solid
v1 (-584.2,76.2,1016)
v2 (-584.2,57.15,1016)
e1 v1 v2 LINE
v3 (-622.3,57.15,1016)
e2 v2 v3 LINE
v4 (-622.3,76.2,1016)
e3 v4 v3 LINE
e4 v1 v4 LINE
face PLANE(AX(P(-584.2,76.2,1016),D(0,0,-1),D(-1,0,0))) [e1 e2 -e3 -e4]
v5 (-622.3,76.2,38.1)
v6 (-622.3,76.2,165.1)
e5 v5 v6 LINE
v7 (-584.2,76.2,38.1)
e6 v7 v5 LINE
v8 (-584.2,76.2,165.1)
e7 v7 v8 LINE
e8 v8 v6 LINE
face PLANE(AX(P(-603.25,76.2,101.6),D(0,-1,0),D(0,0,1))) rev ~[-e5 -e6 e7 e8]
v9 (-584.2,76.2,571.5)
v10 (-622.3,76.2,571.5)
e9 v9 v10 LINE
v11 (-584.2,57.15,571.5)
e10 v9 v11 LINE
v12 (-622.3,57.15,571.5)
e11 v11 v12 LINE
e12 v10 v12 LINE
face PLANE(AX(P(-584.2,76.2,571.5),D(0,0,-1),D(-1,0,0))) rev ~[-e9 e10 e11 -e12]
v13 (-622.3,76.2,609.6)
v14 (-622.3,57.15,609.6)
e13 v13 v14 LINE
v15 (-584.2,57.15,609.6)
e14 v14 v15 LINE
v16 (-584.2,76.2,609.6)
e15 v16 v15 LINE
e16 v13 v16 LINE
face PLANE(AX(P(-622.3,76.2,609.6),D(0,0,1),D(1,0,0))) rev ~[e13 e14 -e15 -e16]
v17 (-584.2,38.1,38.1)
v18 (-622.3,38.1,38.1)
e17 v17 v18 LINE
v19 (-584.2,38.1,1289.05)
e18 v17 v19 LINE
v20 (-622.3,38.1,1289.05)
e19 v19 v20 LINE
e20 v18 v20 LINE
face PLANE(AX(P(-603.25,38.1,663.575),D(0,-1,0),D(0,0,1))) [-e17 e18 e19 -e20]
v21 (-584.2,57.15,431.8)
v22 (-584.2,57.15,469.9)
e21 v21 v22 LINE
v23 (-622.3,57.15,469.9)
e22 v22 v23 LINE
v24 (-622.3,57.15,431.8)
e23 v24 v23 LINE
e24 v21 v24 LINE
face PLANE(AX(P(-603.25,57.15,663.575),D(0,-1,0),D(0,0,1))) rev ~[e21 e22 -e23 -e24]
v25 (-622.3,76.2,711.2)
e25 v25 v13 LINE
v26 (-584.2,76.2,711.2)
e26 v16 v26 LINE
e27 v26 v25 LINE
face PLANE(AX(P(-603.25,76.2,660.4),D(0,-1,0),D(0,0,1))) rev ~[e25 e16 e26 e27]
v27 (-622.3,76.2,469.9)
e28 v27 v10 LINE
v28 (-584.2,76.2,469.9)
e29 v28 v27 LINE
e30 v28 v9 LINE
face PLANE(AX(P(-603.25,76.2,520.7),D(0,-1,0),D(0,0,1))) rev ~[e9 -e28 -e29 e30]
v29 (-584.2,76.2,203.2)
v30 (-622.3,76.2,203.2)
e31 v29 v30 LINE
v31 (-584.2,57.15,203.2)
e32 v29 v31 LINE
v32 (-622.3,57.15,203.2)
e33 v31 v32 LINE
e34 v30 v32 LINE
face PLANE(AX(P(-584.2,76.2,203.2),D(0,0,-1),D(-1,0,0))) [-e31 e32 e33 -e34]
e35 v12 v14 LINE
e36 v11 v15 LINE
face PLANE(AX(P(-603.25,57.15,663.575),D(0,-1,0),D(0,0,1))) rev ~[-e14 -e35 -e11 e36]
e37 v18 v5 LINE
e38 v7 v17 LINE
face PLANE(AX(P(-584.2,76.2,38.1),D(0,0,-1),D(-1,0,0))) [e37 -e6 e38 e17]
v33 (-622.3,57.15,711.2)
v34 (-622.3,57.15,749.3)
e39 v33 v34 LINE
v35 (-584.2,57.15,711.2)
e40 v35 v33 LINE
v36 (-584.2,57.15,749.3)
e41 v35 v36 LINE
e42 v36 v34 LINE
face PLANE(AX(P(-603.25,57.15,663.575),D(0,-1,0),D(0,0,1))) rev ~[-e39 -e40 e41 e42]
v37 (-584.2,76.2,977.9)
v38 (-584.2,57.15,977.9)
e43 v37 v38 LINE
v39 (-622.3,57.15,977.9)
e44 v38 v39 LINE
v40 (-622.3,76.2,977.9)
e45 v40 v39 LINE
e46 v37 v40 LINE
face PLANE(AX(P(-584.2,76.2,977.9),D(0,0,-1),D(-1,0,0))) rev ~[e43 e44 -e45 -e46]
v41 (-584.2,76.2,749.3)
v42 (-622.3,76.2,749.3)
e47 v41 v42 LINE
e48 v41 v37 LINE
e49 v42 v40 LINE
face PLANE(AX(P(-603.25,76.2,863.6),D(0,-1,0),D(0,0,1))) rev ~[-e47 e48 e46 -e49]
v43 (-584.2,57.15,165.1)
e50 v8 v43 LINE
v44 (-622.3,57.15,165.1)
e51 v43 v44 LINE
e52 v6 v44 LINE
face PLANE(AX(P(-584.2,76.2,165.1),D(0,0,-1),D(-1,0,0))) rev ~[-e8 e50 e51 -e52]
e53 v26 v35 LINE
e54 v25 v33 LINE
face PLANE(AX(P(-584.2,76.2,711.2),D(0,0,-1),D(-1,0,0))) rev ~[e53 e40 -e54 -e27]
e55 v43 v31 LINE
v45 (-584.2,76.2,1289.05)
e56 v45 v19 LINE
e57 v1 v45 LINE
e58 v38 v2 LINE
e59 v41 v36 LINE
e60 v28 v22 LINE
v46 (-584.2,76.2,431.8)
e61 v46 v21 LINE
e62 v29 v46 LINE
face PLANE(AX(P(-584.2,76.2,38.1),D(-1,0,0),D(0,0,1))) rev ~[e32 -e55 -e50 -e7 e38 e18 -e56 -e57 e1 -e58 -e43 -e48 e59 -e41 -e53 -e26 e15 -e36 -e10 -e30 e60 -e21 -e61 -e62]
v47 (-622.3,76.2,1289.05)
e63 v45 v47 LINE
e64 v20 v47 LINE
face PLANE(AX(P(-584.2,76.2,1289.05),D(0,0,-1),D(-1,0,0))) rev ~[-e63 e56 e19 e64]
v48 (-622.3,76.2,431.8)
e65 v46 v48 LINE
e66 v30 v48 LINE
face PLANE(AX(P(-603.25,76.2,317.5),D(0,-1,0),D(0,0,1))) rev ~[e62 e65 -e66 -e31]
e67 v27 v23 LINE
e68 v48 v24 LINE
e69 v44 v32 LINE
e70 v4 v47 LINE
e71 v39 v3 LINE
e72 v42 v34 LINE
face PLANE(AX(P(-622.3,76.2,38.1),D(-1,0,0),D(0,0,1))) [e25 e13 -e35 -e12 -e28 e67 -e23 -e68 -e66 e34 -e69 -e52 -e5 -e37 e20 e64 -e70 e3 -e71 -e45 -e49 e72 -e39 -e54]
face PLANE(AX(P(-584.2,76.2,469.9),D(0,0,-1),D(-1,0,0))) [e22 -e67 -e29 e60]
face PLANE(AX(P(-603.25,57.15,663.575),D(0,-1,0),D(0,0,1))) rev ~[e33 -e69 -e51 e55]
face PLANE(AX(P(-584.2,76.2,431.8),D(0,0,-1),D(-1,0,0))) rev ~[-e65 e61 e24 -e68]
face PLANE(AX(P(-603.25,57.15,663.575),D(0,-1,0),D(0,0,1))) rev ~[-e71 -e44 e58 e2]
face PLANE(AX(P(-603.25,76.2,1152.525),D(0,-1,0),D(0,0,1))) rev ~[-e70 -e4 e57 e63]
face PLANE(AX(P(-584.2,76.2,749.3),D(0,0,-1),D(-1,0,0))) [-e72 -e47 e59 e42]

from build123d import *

# Parameters (mm, degrees)
F1_DEPTH = 19.05
F0_W     = 228.6
F0_H     = 38.1
F0_W_2   = 273.05
F0_W_3   = 101.6
F0_W_4   = 127
F2_W     = 1250.95
F2_H     = 38.1
F3_DEPTH = 19.05
F5_ANGLE = 90
F6_ANGLE = 90


with BuildPart() as f1:
    # F0 (on Top) → F1 (new body)
    with BuildSketch(Plane.XY):
        Polygon((-50.8, 0), (0, 0), (50.8, 0), (50.8, 38.1), (-50.8, 38.1), align=None)
    extrude(amount=F1_DEPTH)


with BuildPart() as f1b:
    # F0 (on Top) → F1, piece 2 (new body)
    with BuildSketch(Plane.XY):
        with Locations((203.2, 19.05)):
            Rectangle(F0_W, F0_H)
    extrude(amount=F1_DEPTH)


with BuildPart() as f1c:
    # F0 (on Top) → F1, piece 3 (new body)
    with BuildSketch(Plane.XY):
        with Locations((492.125, 19.05)):
            Rectangle(F0_W_2, F0_H)
    extrude(amount=F1_DEPTH)


with BuildPart() as f1d:
    # F0 (on Top) → F1, piece 4 (new body)
    with BuildSketch(Plane.XY):
        with Locations((-139.7, 19.05)):
            Rectangle(F0_W_3, F0_H)
    extrude(amount=F1_DEPTH)


with BuildPart() as f1e:
    # F0 (on Top) → F1, piece 5 (new body)
    with BuildSketch(Plane.XY):
        with Locations((-342.9, 19.05)):
            Rectangle(F0_W, F0_H)
    extrude(amount=F1_DEPTH)


with BuildPart() as f1f:
    # F0 (on Top) → F1, piece 6 (new body)
    with BuildSketch(Plane.XY):
        with Locations((-558.8, 19.05)):
            Rectangle(F0_W_4, F0_H)
    extrude(amount=F1_DEPTH)


with BuildPart() as f3:
    # F2 (on face) → F3 (new body)
    with BuildSketch(Plane.XY.offset(19.05)):
        with Locations((3.175, 19.05)):
            Rectangle(F2_W, F2_H)
    extrude(amount=F3_DEPTH)

    # F4: union F1, F1b, F1c, F1d, F1e, F1f
    add(f1.part)
    add(f1b.part)
    add(f1c.part)
    add(f1d.part)
    add(f1e.part)
    add(f1f.part)


with BuildPart() as f3_1:
    # F5: moved
    add(f3.part.rotate(Axis((-622.3, 19.05, 38.1), (0, -1, 0)), F5_ANGLE))


with BuildPart() as f3_2:
    # F6: moved
    add(f3_1.part.rotate(Axis((-622.3, 38.1, 663.575), (0, 0, 1)), F6_ANGLE))


solid = f3_2.part
